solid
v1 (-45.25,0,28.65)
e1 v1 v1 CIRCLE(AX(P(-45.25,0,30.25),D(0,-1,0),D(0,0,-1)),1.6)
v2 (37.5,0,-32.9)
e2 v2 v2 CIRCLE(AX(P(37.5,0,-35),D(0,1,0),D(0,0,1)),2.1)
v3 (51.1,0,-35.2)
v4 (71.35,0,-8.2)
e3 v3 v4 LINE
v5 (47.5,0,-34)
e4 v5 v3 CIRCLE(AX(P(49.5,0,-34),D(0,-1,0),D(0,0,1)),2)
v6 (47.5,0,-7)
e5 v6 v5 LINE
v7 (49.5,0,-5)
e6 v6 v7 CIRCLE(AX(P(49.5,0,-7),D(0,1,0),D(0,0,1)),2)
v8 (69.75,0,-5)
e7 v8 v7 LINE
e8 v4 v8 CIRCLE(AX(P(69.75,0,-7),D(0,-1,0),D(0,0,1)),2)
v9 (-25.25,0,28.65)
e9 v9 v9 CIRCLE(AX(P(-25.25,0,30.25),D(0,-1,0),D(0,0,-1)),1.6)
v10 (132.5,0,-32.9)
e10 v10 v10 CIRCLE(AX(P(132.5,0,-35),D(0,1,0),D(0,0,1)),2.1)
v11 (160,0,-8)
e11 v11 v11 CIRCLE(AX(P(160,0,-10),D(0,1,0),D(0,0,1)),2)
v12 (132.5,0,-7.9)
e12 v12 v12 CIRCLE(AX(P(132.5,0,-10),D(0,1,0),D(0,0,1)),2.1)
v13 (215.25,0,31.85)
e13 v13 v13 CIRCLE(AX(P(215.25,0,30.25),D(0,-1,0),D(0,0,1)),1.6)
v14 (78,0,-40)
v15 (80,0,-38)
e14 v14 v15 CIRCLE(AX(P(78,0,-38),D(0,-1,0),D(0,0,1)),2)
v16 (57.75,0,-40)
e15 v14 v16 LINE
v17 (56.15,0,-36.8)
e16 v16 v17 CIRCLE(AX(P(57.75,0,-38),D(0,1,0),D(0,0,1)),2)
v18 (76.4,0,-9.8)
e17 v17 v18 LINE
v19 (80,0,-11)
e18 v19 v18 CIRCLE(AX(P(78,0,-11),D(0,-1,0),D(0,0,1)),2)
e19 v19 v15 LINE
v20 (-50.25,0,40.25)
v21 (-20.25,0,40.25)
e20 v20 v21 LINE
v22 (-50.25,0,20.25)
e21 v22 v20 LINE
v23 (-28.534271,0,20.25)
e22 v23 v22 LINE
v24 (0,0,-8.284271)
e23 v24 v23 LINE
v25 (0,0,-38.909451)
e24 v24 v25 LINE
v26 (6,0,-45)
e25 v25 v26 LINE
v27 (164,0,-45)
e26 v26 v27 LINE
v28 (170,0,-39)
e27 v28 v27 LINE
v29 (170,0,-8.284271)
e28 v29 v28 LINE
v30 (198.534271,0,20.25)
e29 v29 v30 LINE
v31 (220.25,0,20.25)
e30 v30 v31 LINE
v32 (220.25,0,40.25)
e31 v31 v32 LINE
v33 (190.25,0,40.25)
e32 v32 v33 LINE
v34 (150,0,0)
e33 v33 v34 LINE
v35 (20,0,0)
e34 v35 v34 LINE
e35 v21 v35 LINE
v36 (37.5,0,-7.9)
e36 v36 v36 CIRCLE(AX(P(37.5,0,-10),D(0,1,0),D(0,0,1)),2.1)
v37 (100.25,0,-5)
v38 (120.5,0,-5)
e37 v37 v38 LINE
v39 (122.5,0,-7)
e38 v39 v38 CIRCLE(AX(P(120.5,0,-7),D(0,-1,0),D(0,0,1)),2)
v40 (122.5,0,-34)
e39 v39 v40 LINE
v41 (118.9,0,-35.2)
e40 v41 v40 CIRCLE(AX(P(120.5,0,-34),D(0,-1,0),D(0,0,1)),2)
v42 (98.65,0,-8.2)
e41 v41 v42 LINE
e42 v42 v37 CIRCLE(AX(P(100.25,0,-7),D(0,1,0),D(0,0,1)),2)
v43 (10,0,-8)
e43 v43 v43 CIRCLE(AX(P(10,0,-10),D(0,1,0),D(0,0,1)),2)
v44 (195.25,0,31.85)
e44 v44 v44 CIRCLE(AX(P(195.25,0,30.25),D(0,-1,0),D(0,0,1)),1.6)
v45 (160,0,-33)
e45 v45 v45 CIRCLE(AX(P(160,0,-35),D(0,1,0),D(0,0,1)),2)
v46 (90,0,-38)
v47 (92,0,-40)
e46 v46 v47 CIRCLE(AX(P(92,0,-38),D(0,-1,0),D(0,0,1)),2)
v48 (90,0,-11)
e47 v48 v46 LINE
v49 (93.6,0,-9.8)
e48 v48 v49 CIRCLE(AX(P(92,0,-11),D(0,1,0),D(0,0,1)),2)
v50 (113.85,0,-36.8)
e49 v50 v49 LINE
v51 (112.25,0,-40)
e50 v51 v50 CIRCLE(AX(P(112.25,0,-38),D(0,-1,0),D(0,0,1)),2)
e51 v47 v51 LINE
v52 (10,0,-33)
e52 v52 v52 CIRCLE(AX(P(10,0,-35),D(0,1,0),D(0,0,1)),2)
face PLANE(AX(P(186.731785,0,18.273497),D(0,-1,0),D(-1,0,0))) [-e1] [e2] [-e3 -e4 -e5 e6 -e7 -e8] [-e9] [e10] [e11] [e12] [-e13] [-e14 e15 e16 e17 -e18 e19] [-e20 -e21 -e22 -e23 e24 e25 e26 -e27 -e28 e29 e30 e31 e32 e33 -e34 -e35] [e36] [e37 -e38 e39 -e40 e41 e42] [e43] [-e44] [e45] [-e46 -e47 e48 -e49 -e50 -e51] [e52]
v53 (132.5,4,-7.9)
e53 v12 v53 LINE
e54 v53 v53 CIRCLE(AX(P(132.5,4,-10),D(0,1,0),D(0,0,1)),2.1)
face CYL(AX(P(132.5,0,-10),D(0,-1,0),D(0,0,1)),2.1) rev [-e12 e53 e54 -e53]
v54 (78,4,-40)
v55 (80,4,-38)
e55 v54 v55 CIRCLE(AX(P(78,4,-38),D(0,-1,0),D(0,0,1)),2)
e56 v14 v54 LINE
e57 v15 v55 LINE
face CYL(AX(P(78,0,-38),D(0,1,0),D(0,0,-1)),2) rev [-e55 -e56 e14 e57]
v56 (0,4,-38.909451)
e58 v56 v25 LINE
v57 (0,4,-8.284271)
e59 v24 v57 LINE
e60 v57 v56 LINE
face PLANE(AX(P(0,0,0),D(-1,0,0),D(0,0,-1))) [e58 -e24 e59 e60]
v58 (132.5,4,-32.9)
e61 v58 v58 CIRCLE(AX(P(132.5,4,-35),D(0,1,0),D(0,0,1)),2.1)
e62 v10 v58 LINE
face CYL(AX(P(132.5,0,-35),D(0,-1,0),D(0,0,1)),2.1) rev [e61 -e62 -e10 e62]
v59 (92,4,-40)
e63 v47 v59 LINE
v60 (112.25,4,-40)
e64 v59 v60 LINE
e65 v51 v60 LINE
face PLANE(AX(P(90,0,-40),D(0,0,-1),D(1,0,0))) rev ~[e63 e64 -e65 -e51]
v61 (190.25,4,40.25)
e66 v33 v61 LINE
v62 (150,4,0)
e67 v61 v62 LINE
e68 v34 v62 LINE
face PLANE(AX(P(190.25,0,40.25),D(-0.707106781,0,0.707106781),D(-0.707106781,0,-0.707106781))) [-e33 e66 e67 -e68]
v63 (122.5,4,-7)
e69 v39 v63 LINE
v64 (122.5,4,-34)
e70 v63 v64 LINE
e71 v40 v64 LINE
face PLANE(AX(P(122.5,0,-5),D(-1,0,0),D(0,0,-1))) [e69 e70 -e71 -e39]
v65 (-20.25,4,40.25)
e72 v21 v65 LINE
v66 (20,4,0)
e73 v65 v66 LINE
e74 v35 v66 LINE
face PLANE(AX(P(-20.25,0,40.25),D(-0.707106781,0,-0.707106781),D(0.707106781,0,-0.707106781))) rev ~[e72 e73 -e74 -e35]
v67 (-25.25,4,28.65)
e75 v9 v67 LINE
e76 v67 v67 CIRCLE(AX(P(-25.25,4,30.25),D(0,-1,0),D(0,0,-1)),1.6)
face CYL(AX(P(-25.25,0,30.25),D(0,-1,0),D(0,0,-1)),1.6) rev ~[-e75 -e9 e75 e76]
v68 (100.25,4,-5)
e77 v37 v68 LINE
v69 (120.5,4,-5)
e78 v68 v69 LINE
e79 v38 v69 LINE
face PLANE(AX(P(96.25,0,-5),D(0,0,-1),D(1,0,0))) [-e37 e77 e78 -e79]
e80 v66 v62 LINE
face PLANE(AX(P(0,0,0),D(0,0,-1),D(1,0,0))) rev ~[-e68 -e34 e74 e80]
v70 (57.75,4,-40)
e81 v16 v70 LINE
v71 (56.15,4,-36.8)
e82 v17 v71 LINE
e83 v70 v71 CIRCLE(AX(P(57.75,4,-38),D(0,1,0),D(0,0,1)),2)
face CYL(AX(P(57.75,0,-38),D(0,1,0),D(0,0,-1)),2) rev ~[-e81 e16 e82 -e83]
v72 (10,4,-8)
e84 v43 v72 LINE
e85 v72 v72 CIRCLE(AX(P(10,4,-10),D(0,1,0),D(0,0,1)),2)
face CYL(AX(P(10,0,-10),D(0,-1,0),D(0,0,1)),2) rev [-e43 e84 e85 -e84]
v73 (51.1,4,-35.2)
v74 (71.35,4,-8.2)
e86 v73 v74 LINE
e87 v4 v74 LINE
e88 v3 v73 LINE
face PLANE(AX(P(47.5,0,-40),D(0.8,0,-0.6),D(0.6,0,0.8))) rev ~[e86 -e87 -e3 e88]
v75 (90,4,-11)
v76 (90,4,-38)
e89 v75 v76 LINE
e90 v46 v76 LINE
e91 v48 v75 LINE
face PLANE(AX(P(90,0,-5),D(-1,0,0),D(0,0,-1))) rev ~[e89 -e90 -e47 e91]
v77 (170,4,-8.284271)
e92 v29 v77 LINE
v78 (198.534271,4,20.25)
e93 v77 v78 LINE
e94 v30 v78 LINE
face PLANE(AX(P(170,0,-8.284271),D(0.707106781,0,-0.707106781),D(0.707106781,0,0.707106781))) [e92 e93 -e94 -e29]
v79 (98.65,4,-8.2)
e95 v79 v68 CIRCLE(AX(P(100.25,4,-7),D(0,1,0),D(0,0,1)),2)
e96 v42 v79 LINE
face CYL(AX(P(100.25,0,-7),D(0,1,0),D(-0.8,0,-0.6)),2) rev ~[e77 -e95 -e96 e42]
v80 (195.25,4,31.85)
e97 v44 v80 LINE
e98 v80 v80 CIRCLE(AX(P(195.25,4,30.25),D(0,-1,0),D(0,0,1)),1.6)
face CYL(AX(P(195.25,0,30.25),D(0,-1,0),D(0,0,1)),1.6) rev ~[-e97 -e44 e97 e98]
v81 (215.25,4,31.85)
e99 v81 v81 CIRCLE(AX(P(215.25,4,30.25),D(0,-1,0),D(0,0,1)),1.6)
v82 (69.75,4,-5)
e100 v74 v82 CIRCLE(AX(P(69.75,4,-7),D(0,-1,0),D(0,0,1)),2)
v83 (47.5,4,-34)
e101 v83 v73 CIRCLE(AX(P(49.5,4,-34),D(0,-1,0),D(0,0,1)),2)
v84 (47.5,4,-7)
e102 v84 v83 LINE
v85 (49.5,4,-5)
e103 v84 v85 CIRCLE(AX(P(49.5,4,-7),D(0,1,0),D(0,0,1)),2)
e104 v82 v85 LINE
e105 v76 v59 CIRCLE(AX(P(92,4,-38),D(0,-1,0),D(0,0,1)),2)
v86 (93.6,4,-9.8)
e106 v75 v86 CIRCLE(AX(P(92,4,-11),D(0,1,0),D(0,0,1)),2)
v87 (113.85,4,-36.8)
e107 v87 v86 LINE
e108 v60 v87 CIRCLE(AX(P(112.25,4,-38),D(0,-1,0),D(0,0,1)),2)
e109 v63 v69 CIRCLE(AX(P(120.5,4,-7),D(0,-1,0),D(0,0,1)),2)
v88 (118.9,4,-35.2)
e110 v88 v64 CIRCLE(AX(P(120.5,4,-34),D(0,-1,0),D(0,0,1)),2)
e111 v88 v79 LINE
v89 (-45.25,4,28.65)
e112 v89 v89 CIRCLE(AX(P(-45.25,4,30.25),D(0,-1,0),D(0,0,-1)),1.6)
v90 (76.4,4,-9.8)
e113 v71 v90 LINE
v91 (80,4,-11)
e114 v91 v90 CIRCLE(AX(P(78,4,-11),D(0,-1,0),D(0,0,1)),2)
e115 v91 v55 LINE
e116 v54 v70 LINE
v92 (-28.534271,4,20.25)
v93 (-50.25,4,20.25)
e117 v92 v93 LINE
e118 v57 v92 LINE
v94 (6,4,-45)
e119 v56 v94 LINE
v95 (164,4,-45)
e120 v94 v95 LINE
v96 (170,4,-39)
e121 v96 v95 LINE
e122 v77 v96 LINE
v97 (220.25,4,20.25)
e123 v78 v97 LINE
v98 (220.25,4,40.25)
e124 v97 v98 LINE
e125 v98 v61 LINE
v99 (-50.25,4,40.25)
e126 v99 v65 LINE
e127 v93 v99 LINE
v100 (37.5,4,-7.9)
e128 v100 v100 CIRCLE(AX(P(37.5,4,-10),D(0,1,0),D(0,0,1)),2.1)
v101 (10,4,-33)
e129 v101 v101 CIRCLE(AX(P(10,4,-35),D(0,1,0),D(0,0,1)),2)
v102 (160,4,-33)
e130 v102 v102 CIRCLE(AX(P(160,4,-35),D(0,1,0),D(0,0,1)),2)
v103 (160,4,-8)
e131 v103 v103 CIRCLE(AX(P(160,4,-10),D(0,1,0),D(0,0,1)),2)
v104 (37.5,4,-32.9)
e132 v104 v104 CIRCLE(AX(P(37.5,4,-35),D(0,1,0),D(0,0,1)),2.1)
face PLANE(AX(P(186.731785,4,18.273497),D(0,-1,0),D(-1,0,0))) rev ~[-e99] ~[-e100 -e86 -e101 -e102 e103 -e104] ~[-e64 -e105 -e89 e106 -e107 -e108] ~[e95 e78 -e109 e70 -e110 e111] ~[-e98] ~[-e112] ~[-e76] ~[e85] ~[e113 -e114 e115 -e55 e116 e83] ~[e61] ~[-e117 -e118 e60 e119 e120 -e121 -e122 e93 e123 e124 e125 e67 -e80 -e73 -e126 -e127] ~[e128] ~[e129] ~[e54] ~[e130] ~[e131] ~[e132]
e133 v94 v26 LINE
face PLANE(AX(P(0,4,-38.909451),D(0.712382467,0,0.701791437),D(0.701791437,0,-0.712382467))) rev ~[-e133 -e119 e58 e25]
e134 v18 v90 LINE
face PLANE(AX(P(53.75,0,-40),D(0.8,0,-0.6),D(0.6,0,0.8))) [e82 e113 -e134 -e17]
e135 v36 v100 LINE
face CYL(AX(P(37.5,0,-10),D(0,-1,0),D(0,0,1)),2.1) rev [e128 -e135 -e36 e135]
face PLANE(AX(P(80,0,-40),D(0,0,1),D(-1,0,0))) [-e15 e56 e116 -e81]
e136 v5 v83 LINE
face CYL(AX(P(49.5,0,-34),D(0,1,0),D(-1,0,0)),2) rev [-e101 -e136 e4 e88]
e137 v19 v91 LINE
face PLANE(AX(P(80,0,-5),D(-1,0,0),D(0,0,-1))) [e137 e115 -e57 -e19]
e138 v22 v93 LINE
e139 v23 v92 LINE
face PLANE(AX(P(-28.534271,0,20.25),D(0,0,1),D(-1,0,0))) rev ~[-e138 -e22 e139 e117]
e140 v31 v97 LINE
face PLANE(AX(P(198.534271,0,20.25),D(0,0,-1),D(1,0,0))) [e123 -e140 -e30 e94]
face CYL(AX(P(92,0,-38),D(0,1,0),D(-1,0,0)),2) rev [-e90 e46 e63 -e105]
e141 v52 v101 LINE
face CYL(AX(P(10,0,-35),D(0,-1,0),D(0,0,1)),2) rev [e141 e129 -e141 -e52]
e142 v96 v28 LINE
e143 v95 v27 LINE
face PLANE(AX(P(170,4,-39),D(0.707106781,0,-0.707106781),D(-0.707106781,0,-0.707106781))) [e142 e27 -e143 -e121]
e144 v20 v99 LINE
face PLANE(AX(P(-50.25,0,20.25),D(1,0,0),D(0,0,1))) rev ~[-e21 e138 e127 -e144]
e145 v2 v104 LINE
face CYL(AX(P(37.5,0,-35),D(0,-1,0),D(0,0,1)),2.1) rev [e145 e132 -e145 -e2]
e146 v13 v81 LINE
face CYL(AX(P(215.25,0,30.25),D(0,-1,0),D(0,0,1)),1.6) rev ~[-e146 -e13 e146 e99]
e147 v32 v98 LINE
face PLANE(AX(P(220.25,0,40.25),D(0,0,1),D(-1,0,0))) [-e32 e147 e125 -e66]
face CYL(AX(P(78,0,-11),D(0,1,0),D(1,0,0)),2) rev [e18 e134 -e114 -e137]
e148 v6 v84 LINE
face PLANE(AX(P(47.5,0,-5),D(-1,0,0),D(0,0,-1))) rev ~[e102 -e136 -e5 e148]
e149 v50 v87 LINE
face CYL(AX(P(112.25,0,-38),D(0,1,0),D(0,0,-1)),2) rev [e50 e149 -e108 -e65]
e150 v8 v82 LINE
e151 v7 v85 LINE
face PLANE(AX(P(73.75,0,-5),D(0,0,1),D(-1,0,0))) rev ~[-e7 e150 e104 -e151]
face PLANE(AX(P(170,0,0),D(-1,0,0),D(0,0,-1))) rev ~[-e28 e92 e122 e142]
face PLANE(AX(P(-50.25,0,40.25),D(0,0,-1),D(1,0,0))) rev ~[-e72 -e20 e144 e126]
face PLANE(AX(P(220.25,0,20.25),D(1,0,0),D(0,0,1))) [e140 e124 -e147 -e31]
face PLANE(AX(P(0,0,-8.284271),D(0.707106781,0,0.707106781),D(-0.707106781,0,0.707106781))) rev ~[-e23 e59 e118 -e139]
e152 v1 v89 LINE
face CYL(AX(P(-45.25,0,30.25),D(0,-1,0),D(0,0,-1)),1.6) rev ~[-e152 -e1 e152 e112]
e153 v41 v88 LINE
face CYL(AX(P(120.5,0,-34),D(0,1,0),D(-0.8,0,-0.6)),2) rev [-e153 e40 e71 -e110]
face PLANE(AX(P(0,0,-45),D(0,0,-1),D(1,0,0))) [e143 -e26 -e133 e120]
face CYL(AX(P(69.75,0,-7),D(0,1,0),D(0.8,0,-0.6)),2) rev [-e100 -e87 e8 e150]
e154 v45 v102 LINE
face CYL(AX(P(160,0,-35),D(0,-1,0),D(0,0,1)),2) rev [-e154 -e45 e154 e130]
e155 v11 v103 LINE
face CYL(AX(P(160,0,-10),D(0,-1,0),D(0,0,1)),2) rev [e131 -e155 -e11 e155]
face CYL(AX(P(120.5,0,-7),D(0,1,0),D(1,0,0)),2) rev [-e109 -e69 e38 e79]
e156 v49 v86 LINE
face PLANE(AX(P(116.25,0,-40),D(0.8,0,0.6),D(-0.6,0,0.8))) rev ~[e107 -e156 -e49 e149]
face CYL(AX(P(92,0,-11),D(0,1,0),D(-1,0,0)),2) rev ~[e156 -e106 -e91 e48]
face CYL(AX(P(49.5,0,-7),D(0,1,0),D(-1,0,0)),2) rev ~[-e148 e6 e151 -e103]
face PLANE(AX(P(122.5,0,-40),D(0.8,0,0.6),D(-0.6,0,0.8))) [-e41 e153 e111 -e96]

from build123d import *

# Parameters (mm, degrees)
SKETCH_1_W          = 170
SKETCH_1_H          = 45
SKETCH_1_R          = 2
SKETCH_1_R_2        = 2.1
EXTRUDE_1_DEPTH     = 4
EXTRUDE_2_DEPTH     = 4
CUT_EXTRUDE_1_DEPTH = 4
CUT_EXTRUDE_2_DEPTH = 4
FILLET_1_R          = 2
SKETCH_6_R          = 1.6
CUT_EXTRUDE_3_DEPTH = 50


with BuildPart() as part:
    # 草图1 → 凸台-拉伸1 (new body)
    with BuildSketch(Plane(origin=(0, 0, 0), x_dir=(1, 0, 0), z_dir=(0, 1, 0))):
        with Locations((85, 22.5)):
            Rectangle(SKETCH_1_W, SKETCH_1_H)
        with Locations(Location((10, 35, 0), (0, 0, 270))):
            Circle(SKETCH_1_R, mode=Mode.SUBTRACT)
        with Locations(Location((10, 10, 0), (0, 0, 270))):
            Circle(SKETCH_1_R, mode=Mode.SUBTRACT)
        with Locations(Location((160, 10, 0), (0, 0, 270))):
            Circle(SKETCH_1_R, mode=Mode.SUBTRACT)
        with Locations(Location((160, 35, 0), (0, 0, 270))):
            Circle(SKETCH_1_R, mode=Mode.SUBTRACT)
        with Locations(Location((37.5, 35, 0), (0, 0, 270))):
            Circle(SKETCH_1_R_2, mode=Mode.SUBTRACT)
        with Locations(Location((37.5, 10, 0), (0, 0, 270))):
            Circle(SKETCH_1_R_2, mode=Mode.SUBTRACT)
        with Locations(Location((132.5, 10, 0), (0, 0, 270))):
            Circle(SKETCH_1_R_2, mode=Mode.SUBTRACT)
        with Locations(Location((132.5, 35, 0), (0, 0, 270))):
            Circle(SKETCH_1_R_2, mode=Mode.SUBTRACT)
    extrude(amount=EXTRUDE_1_DEPTH)

    # 草图2 → 凸台-拉伸2 (add)
    with BuildSketch(Plane(origin=(0, 0, 0), x_dir=(1, 0, 0), z_dir=(0, 1, 0))):
        Polygon((170, 8.284271247), (198.534271247, -20.25), (220.25, -20.25), (220.25, -40.25), (190.25, -40.25), (150, 0), (170, 0), align=None)
        Polygon((-50.25, -40.25), (-20.25, -40.25), (20, 0), (0, 0), (0, 8.284271247), (-28.534271247, -20.25), (-50.25, -20.25), align=None)
    extrude(amount=EXTRUDE_2_DEPTH)

    # 草图4 → 切除-拉伸1 (cut)
    with BuildSketch(Plane(origin=(0, 4, 0), x_dir=(1, 0, 0), z_dir=(0, 1, 0))):
        Polygon((0, 38.909451479), (6, 45), (0, 45), align=None)
        Polygon((170, 39), (164, 45), (170, 45), align=None)
    extrude(amount=-CUT_EXTRUDE_1_DEPTH, mode=Mode.SUBTRACT)

    # 草图5 → 切除-拉伸2 (cut)
    with BuildSketch(Plane.XZ):
        Polygon((47.5, -5), (47.5, -40), (73.75, -5), align=None)
        Polygon((53.75, -40), (80, -5), (80, -40), align=None)
        Polygon((90, -5), (90, -40), (116.25, -40), align=None)
        Polygon((96.25, -5), (122.5, -5), (122.5, -40), align=None)
    extrude(amount=-CUT_EXTRUDE_2_DEPTH, mode=Mode.SUBTRACT)

    # 圆角1
    fillet_1_edges = [part.edges().sort_by_distance(p)[0] for p in [
        (80, 2, -5),
        (53.75, 2, -40),
        (80, 2, -40),
        (90, 2, -40),
        (116.25, 2, -40),
        (90, 2, -5),
        (122.5, 2, -5),
        (96.25, 2, -5),
        (122.5, 2, -40),
        (47.5, 2, -40),
        (73.75, 2, -5),
        (47.5, 2, -5),
    ]]
    fillet(fillet_1_edges, radius=FILLET_1_R)

    # 草图6 → 切除-拉伸3 (cut)
    with BuildSketch(Plane.XZ):
        with Locations(Location((-45.25, 30.25, 0), (0, 0, 270))):
            Circle(SKETCH_6_R)
        with Locations(Location((-25.25, 30.25, 0), (0, 0, 270))):
            Circle(SKETCH_6_R)
        with Locations(Location((195.25, 30.25, 0), (0, 0, 90))):
            Circle(SKETCH_6_R)
        with Locations(Location((215.25, 30.25, 0), (0, 0, 90))):
            Circle(SKETCH_6_R)
    extrude(amount=-CUT_EXTRUDE_3_DEPTH, mode=Mode.SUBTRACT)


solid = part.part
